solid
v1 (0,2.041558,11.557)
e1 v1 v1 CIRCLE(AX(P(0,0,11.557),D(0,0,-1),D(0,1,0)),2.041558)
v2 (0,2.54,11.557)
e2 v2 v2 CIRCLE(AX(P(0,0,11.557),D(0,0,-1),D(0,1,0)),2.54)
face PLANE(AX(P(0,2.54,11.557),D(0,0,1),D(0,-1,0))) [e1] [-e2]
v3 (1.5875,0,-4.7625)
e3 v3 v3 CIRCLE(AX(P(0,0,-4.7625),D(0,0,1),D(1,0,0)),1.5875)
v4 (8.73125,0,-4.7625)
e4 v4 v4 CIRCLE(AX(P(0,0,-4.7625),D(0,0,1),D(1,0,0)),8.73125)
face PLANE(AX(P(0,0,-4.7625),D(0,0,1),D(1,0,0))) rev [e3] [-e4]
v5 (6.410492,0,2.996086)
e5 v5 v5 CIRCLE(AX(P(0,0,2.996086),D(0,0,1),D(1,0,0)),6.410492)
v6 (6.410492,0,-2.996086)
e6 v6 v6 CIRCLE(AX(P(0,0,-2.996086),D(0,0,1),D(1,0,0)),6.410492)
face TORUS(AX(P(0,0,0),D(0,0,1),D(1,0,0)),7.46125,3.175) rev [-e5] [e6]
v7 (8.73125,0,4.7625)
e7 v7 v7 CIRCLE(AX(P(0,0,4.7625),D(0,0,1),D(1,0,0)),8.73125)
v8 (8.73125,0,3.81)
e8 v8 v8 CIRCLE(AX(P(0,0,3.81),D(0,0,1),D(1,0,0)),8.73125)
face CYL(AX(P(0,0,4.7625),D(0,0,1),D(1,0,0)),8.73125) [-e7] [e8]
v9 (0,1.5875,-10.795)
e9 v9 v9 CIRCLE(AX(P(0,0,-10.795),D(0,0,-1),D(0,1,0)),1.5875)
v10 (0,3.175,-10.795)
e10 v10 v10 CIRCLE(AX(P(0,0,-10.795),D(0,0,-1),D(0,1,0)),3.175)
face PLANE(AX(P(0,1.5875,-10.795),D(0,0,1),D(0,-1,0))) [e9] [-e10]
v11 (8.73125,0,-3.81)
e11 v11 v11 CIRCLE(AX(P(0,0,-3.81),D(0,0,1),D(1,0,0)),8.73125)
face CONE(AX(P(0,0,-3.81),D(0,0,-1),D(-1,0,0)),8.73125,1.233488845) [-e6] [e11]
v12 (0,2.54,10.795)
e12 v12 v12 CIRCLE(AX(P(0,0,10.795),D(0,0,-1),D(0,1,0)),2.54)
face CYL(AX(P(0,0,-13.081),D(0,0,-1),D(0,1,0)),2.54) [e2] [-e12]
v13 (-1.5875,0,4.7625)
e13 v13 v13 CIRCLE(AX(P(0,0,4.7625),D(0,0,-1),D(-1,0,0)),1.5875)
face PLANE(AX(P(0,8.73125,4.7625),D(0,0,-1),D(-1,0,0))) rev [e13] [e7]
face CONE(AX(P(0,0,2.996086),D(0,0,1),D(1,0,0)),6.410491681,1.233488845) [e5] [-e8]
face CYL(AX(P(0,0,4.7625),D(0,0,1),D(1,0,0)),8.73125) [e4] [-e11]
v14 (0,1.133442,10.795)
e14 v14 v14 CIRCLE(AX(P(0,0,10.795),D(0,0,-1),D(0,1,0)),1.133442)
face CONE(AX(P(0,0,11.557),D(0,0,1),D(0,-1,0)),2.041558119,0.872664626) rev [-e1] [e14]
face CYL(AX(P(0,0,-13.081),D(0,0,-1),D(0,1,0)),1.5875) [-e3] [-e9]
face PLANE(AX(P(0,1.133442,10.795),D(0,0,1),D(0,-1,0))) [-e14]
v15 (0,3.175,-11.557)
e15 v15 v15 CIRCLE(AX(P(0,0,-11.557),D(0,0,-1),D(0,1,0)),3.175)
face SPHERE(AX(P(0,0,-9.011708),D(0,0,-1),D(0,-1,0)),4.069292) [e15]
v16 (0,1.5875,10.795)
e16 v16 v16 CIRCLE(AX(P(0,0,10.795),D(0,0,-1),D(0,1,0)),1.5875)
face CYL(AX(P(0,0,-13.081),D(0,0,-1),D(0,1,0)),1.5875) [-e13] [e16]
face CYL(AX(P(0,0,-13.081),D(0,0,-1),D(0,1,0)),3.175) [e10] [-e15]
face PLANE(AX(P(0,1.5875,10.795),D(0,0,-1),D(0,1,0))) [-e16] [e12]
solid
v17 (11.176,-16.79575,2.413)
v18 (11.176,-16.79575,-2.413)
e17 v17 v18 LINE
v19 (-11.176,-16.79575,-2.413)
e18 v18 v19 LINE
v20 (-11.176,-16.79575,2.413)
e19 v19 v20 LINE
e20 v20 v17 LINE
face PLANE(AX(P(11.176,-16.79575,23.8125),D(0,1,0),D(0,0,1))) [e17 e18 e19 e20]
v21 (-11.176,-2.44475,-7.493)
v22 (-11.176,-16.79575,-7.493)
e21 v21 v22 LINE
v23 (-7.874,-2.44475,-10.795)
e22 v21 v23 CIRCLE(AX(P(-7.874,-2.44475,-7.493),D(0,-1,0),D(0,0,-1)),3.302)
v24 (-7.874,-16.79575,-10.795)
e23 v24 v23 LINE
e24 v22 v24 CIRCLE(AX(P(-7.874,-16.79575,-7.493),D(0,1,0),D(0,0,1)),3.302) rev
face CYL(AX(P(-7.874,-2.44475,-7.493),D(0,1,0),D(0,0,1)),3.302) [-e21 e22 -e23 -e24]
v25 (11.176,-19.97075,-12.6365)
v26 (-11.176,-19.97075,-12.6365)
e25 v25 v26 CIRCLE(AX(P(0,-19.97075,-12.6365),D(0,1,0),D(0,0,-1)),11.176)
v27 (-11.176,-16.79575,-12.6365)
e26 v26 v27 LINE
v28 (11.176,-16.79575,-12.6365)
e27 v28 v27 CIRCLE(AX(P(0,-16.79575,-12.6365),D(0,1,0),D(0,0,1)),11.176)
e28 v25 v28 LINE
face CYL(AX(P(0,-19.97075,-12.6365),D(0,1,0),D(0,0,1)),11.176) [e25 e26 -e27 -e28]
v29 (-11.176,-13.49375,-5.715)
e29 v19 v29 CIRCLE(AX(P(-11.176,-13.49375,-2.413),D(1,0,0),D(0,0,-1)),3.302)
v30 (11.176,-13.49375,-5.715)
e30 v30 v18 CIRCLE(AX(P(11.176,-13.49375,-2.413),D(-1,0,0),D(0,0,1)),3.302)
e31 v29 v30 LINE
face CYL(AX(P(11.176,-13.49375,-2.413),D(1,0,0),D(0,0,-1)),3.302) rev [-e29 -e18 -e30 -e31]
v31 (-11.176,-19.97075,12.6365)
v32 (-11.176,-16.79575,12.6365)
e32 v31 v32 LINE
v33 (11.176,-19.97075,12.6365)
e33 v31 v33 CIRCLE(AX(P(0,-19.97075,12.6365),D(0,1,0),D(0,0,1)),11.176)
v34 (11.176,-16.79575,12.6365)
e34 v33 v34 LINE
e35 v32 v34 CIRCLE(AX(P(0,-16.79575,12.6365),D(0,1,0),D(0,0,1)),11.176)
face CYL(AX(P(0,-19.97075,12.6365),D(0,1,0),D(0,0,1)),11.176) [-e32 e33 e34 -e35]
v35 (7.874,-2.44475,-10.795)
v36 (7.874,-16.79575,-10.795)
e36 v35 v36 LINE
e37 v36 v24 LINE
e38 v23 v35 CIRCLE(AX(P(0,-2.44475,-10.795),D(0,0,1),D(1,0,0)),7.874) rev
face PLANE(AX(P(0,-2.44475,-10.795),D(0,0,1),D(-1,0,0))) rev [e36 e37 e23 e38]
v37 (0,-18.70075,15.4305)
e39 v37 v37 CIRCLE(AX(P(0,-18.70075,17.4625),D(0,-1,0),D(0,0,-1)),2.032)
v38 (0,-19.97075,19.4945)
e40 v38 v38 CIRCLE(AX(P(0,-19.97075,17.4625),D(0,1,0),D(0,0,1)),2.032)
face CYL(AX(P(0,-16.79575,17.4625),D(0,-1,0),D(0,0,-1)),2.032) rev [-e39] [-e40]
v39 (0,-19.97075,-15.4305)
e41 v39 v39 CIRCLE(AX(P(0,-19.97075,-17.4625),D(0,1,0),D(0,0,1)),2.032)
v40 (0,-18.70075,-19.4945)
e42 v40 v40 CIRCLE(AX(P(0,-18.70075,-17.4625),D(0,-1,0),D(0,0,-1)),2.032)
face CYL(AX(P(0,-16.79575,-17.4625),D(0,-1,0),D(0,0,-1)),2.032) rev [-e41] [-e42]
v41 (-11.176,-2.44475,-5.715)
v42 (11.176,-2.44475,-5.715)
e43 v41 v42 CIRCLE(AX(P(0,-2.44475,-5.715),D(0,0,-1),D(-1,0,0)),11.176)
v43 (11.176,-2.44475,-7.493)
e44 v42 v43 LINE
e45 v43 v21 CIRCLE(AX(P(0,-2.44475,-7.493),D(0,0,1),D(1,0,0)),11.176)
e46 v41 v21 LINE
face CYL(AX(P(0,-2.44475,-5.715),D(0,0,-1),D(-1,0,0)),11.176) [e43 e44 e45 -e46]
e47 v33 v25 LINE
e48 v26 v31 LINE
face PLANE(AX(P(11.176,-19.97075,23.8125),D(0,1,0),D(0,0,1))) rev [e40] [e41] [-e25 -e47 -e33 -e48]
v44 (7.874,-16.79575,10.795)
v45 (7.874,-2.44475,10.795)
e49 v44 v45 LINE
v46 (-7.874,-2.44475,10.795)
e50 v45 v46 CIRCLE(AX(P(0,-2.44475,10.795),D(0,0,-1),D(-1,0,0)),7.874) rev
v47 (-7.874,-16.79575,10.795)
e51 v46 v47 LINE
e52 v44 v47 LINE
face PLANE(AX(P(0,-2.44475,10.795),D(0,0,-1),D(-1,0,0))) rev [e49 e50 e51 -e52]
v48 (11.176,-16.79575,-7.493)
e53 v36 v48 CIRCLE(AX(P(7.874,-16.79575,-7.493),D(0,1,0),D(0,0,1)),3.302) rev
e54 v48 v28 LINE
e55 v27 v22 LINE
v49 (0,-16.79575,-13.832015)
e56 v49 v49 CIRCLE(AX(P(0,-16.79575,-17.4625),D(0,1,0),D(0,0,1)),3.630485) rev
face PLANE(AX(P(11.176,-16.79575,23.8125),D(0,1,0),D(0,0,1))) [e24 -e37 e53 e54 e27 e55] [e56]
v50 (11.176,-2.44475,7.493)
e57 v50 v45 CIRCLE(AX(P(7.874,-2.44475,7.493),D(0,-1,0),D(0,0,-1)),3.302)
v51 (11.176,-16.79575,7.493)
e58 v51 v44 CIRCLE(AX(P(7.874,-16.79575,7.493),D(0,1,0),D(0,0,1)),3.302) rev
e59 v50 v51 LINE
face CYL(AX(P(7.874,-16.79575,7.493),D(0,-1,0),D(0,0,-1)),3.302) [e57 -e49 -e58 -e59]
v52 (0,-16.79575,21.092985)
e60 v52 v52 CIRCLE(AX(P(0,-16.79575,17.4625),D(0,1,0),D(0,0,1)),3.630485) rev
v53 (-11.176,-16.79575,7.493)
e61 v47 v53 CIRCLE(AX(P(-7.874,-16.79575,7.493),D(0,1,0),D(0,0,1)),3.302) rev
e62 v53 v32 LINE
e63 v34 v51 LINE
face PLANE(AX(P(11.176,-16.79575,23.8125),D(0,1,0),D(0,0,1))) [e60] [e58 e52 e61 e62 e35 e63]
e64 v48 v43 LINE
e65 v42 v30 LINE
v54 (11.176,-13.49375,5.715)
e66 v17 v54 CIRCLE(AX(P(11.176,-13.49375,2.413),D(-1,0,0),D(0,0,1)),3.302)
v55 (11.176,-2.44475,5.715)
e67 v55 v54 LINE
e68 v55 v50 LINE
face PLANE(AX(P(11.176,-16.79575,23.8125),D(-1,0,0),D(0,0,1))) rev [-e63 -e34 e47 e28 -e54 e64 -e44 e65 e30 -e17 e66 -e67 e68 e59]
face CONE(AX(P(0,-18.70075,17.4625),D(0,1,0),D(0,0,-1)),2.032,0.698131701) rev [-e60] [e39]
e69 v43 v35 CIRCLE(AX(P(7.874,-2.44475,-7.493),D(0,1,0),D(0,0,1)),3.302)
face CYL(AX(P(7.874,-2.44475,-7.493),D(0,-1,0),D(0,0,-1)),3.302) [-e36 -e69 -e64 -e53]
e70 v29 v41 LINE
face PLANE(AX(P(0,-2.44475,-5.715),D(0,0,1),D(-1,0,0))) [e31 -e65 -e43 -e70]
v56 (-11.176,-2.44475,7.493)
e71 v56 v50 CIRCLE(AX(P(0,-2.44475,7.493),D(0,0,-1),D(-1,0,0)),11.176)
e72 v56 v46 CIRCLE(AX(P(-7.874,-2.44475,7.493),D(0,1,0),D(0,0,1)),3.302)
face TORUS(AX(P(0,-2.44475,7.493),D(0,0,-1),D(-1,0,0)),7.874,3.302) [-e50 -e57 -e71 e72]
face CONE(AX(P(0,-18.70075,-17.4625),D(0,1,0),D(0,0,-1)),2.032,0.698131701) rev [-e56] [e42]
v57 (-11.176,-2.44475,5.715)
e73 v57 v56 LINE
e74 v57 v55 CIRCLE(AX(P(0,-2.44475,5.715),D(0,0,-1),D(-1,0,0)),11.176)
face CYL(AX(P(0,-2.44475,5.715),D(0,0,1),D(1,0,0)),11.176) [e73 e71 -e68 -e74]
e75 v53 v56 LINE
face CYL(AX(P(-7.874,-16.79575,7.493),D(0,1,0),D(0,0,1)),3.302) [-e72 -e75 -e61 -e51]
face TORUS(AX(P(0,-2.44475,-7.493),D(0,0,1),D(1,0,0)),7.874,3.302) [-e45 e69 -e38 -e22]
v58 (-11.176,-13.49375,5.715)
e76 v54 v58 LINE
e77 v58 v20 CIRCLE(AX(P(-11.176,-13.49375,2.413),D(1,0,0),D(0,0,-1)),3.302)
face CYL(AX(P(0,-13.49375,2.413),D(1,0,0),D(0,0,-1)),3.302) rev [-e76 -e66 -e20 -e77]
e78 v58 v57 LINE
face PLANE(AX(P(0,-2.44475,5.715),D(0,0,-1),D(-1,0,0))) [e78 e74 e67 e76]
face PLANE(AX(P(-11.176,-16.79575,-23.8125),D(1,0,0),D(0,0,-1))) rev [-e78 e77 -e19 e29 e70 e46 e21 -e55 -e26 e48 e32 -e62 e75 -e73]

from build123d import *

# Parameters (mm, degrees)
SKETCH4_W                    = 22.352
SKETCH4_H                    = 47.625
SKETCH4_R                    = 2.032
BOSS_EXTRUDE1_DEPTH          = 3.175
SKETCH8_R                    = 2.032
CUT_EXTRUDE2_DEPTH           = 1.905
CUT_EXTRUDE2_DRAFT           = 40
CUT_EXTRUDE2_PROFILE_2_DEPTH = 1.905
CUT_EXTRUDE2_PROFILE_2_DRAFT = 40
BOSS_EXTRUDE2_DEPTH          = 5.08
FILLET1_R                    = 3.302
SKETCH7_OUTSIDE_W            = 36.338
SKETCH7_OUTSIDE_H            = 61.612
CUT_EXTRUDE1_DEPTH           = 34.02679197


with BuildPart() as part:
    # Sketch3 → Revolve1 (revolve)
    with BuildSketch(Plane(origin=(0, 0, 0), x_dir=(0, 0, -1), z_dir=(1, 0, 0)), mode=Mode.PRIVATE) as revolve1_sk:
        with BuildLine():
            Line((-4.7625, 8.73125), (-4.7625, 0))
            Line((-4.7625, 0), (4.7625, 0))
            Line((4.7625, 0), (4.7625, 8.73125))
            Line((4.7625, 8.73125), (3.81, 8.73125))
            Line((3.81, 8.73125), (2.996086106, 6.410491681))
            ThreePointArc((2.996086106, 6.410491681), (0, 4.28625), (-2.996086106, 6.410491681))
            Line((-2.996086106, 6.410491681), (-3.81, 8.73125))
            Line((-3.81, 8.73125), (-4.7625, 8.73125))
        make_face()
    revolve(revolve1_sk.sketch.rotate(Axis((0, 0, 4.7625), (0, 0, -1)), 90), axis=Axis((0, 0, 4.7625), (0, 0, -1)))

    # Sketch6 → Revolve2 (revolve)
    with BuildSketch(Plane(origin=(0, 0, 0), x_dir=(0, 0, -1), z_dir=(1, 0, 0))):
        with BuildLine():
            Line((-10.795, 1.5875), (10.795, 1.5875))
            Line((10.795, 1.5875), (10.795, 3.175))
            Line((10.795, 3.175), (11.557, 3.175))
            ThreePointArc((11.557, 3.175), (12.680268598, 1.760908927), (13.081, 0))
            Line((13.081, 0), (-10.795, 0))
            Line((-10.795, 0), (-10.795, 1.133441881))
            Line((-10.795, 1.133441881), (-11.557, 2.041558119))
            Line((-11.557, 2.041558119), (-11.557, 2.54))
            Line((-11.557, 2.54), (-10.795, 2.54))
            Line((-10.795, 2.54), (-10.795, 1.5875))
        make_face()
    revolve(axis=Axis((0, 0, -13.081), (0, 0, 1)))


with BuildPart() as body_2:
    # Sketch4 → Boss-Extrude1 (new body)
    with BuildSketch(Plane(origin=(0, -19.97075, 0), x_dir=(-1, 0, 0), z_dir=(0, 1, 0))):
        Rectangle(SKETCH4_W, SKETCH4_H)
        with Locations(Location((0, 17.4625, 0), (0, 0, 90))):
            Circle(SKETCH4_R, mode=Mode.SUBTRACT)
        with Locations(Location((0, -17.4625, 0), (0, 0, 90))):
            Circle(SKETCH4_R, mode=Mode.SUBTRACT)
    extrude(amount=BOSS_EXTRUDE1_DEPTH)


with BuildPart() as cut_extrude2_tool:
    # Sketch8 → Cut-Extrude2 (with draft: the straight prism first)
    with BuildSketch(Plane.XZ.offset(18.70075)):
        with Locations(Location((0, -17.4625, 0), (0, 0, 270))):
            Circle(SKETCH8_R)
    extrude(amount=-CUT_EXTRUDE2_DEPTH)
    # Cut-Extrude2: the draft: its side faces are tilted about the plane it starts from
    cut_extrude2_sides = [cut_extrude2_tool.faces().sort_by_distance(p)[0] for p in [
        (0, -17.74825, -15.4305),
    ]]
    draft(cut_extrude2_sides, Plane.XZ.offset(18.70075), CUT_EXTRUDE2_DRAFT)


with BuildPart() as body_2_1:
    add(body_2.part)

    # Cut-Extrude2: cut by cut_extrude2_tool
    add(cut_extrude2_tool.part, mode=Mode.SUBTRACT)


with BuildPart() as cut_extrude2_profile_2_tool:
    # Sketch8 → Cut-Extrude2 profile 2 (with draft: the straight prism first)
    with BuildSketch(Plane.XZ.offset(18.70075)):
        with Locations(Location((0, 17.4625, 0), (0, 0, 270))):
            Circle(SKETCH8_R)
    extrude(amount=-CUT_EXTRUDE2_PROFILE_2_DEPTH)
    # Cut-Extrude2 profile 2: the draft: its side faces are tilted about the plane it starts from
    cut_extrude2_profile_2_sides = [cut_extrude2_profile_2_tool.faces().sort_by_distance(p)[0] for p in [
        (0, -17.74825, 19.4945),
    ]]
    draft(cut_extrude2_profile_2_sides, Plane.XZ.offset(18.70075), CUT_EXTRUDE2_PROFILE_2_DRAFT)


with BuildPart() as body_2_2:
    add(body_2_1.part)

    # Cut-Extrude2 profile 2: cut by cut_extrude2_profile_2_tool
    add(cut_extrude2_profile_2_tool.part, mode=Mode.SUBTRACT)

    # Sketch5 → Boss-Extrude2 (add)
    with BuildSketch(Plane(origin=(0.1984375, 0, 10.795), x_dir=(-1, 0, 0), z_dir=(0, 0, -1))):
        with BuildLine():
            Line((-10.9775625, -2.44475), (-10.9775625, -16.79575))
            Line((-10.9775625, -16.79575), (11.3744375, -16.79575))
            Line((11.3744375, -16.79575), (11.3744375, -2.44475))
            ThreePointArc((11.3744375, -2.44475), (0.1984375, 8.73125), (-10.9775625, -2.44475))
        make_face()
    boss_extrude2 = extrude(amount=BOSS_EXTRUDE2_DEPTH)

    # Mirror1: Boss-Extrude2 across plane
    add(boss_extrude2.mirror(Plane.XY))

    # Fillet1
    fillet1_edges = [body_2_2.edges().sort_by_distance(p)[0] for p in [
        (11.176, -9.62025, 10.795),
        (0, 8.73125, 10.795),
        (-11.176, -9.62025, 10.795),
        (-11.176, -9.62025, -10.795),
        (11.176, -9.62025, -10.795),
        (0, 8.73125, -10.795),
        (0, -16.79575, 5.715),
        (0, -16.79575, -5.715),
    ]]
    fillet(fillet1_edges, radius=FILLET1_R)

    # Sketch7 outside → Cut-Extrude1 (cut, through all)
    with BuildSketch(Plane(origin=(0, 0, 0), x_dir=(1, 0, 0), z_dir=(0, 1, 0))):
        Rectangle(SKETCH7_OUTSIDE_W, SKETCH7_OUTSIDE_H)
        with BuildLine():
            Line((-11.176, 12.6365), (-11.176, -12.6365))
            ThreePointArc((-11.176, -12.6365), (0, -23.8125), (11.176, -12.6365))
            Line((11.176, -12.6365), (11.176, 12.6365))
            ThreePointArc((11.176, 12.6365), (0, 23.8125), (-11.176, 12.6365))
        make_face(mode=Mode.SUBTRACT)
    extrude(amount=-CUT_EXTRUDE1_DEPTH, mode=Mode.SUBTRACT)


solid = Compound([part.part, body_2_2.part])
